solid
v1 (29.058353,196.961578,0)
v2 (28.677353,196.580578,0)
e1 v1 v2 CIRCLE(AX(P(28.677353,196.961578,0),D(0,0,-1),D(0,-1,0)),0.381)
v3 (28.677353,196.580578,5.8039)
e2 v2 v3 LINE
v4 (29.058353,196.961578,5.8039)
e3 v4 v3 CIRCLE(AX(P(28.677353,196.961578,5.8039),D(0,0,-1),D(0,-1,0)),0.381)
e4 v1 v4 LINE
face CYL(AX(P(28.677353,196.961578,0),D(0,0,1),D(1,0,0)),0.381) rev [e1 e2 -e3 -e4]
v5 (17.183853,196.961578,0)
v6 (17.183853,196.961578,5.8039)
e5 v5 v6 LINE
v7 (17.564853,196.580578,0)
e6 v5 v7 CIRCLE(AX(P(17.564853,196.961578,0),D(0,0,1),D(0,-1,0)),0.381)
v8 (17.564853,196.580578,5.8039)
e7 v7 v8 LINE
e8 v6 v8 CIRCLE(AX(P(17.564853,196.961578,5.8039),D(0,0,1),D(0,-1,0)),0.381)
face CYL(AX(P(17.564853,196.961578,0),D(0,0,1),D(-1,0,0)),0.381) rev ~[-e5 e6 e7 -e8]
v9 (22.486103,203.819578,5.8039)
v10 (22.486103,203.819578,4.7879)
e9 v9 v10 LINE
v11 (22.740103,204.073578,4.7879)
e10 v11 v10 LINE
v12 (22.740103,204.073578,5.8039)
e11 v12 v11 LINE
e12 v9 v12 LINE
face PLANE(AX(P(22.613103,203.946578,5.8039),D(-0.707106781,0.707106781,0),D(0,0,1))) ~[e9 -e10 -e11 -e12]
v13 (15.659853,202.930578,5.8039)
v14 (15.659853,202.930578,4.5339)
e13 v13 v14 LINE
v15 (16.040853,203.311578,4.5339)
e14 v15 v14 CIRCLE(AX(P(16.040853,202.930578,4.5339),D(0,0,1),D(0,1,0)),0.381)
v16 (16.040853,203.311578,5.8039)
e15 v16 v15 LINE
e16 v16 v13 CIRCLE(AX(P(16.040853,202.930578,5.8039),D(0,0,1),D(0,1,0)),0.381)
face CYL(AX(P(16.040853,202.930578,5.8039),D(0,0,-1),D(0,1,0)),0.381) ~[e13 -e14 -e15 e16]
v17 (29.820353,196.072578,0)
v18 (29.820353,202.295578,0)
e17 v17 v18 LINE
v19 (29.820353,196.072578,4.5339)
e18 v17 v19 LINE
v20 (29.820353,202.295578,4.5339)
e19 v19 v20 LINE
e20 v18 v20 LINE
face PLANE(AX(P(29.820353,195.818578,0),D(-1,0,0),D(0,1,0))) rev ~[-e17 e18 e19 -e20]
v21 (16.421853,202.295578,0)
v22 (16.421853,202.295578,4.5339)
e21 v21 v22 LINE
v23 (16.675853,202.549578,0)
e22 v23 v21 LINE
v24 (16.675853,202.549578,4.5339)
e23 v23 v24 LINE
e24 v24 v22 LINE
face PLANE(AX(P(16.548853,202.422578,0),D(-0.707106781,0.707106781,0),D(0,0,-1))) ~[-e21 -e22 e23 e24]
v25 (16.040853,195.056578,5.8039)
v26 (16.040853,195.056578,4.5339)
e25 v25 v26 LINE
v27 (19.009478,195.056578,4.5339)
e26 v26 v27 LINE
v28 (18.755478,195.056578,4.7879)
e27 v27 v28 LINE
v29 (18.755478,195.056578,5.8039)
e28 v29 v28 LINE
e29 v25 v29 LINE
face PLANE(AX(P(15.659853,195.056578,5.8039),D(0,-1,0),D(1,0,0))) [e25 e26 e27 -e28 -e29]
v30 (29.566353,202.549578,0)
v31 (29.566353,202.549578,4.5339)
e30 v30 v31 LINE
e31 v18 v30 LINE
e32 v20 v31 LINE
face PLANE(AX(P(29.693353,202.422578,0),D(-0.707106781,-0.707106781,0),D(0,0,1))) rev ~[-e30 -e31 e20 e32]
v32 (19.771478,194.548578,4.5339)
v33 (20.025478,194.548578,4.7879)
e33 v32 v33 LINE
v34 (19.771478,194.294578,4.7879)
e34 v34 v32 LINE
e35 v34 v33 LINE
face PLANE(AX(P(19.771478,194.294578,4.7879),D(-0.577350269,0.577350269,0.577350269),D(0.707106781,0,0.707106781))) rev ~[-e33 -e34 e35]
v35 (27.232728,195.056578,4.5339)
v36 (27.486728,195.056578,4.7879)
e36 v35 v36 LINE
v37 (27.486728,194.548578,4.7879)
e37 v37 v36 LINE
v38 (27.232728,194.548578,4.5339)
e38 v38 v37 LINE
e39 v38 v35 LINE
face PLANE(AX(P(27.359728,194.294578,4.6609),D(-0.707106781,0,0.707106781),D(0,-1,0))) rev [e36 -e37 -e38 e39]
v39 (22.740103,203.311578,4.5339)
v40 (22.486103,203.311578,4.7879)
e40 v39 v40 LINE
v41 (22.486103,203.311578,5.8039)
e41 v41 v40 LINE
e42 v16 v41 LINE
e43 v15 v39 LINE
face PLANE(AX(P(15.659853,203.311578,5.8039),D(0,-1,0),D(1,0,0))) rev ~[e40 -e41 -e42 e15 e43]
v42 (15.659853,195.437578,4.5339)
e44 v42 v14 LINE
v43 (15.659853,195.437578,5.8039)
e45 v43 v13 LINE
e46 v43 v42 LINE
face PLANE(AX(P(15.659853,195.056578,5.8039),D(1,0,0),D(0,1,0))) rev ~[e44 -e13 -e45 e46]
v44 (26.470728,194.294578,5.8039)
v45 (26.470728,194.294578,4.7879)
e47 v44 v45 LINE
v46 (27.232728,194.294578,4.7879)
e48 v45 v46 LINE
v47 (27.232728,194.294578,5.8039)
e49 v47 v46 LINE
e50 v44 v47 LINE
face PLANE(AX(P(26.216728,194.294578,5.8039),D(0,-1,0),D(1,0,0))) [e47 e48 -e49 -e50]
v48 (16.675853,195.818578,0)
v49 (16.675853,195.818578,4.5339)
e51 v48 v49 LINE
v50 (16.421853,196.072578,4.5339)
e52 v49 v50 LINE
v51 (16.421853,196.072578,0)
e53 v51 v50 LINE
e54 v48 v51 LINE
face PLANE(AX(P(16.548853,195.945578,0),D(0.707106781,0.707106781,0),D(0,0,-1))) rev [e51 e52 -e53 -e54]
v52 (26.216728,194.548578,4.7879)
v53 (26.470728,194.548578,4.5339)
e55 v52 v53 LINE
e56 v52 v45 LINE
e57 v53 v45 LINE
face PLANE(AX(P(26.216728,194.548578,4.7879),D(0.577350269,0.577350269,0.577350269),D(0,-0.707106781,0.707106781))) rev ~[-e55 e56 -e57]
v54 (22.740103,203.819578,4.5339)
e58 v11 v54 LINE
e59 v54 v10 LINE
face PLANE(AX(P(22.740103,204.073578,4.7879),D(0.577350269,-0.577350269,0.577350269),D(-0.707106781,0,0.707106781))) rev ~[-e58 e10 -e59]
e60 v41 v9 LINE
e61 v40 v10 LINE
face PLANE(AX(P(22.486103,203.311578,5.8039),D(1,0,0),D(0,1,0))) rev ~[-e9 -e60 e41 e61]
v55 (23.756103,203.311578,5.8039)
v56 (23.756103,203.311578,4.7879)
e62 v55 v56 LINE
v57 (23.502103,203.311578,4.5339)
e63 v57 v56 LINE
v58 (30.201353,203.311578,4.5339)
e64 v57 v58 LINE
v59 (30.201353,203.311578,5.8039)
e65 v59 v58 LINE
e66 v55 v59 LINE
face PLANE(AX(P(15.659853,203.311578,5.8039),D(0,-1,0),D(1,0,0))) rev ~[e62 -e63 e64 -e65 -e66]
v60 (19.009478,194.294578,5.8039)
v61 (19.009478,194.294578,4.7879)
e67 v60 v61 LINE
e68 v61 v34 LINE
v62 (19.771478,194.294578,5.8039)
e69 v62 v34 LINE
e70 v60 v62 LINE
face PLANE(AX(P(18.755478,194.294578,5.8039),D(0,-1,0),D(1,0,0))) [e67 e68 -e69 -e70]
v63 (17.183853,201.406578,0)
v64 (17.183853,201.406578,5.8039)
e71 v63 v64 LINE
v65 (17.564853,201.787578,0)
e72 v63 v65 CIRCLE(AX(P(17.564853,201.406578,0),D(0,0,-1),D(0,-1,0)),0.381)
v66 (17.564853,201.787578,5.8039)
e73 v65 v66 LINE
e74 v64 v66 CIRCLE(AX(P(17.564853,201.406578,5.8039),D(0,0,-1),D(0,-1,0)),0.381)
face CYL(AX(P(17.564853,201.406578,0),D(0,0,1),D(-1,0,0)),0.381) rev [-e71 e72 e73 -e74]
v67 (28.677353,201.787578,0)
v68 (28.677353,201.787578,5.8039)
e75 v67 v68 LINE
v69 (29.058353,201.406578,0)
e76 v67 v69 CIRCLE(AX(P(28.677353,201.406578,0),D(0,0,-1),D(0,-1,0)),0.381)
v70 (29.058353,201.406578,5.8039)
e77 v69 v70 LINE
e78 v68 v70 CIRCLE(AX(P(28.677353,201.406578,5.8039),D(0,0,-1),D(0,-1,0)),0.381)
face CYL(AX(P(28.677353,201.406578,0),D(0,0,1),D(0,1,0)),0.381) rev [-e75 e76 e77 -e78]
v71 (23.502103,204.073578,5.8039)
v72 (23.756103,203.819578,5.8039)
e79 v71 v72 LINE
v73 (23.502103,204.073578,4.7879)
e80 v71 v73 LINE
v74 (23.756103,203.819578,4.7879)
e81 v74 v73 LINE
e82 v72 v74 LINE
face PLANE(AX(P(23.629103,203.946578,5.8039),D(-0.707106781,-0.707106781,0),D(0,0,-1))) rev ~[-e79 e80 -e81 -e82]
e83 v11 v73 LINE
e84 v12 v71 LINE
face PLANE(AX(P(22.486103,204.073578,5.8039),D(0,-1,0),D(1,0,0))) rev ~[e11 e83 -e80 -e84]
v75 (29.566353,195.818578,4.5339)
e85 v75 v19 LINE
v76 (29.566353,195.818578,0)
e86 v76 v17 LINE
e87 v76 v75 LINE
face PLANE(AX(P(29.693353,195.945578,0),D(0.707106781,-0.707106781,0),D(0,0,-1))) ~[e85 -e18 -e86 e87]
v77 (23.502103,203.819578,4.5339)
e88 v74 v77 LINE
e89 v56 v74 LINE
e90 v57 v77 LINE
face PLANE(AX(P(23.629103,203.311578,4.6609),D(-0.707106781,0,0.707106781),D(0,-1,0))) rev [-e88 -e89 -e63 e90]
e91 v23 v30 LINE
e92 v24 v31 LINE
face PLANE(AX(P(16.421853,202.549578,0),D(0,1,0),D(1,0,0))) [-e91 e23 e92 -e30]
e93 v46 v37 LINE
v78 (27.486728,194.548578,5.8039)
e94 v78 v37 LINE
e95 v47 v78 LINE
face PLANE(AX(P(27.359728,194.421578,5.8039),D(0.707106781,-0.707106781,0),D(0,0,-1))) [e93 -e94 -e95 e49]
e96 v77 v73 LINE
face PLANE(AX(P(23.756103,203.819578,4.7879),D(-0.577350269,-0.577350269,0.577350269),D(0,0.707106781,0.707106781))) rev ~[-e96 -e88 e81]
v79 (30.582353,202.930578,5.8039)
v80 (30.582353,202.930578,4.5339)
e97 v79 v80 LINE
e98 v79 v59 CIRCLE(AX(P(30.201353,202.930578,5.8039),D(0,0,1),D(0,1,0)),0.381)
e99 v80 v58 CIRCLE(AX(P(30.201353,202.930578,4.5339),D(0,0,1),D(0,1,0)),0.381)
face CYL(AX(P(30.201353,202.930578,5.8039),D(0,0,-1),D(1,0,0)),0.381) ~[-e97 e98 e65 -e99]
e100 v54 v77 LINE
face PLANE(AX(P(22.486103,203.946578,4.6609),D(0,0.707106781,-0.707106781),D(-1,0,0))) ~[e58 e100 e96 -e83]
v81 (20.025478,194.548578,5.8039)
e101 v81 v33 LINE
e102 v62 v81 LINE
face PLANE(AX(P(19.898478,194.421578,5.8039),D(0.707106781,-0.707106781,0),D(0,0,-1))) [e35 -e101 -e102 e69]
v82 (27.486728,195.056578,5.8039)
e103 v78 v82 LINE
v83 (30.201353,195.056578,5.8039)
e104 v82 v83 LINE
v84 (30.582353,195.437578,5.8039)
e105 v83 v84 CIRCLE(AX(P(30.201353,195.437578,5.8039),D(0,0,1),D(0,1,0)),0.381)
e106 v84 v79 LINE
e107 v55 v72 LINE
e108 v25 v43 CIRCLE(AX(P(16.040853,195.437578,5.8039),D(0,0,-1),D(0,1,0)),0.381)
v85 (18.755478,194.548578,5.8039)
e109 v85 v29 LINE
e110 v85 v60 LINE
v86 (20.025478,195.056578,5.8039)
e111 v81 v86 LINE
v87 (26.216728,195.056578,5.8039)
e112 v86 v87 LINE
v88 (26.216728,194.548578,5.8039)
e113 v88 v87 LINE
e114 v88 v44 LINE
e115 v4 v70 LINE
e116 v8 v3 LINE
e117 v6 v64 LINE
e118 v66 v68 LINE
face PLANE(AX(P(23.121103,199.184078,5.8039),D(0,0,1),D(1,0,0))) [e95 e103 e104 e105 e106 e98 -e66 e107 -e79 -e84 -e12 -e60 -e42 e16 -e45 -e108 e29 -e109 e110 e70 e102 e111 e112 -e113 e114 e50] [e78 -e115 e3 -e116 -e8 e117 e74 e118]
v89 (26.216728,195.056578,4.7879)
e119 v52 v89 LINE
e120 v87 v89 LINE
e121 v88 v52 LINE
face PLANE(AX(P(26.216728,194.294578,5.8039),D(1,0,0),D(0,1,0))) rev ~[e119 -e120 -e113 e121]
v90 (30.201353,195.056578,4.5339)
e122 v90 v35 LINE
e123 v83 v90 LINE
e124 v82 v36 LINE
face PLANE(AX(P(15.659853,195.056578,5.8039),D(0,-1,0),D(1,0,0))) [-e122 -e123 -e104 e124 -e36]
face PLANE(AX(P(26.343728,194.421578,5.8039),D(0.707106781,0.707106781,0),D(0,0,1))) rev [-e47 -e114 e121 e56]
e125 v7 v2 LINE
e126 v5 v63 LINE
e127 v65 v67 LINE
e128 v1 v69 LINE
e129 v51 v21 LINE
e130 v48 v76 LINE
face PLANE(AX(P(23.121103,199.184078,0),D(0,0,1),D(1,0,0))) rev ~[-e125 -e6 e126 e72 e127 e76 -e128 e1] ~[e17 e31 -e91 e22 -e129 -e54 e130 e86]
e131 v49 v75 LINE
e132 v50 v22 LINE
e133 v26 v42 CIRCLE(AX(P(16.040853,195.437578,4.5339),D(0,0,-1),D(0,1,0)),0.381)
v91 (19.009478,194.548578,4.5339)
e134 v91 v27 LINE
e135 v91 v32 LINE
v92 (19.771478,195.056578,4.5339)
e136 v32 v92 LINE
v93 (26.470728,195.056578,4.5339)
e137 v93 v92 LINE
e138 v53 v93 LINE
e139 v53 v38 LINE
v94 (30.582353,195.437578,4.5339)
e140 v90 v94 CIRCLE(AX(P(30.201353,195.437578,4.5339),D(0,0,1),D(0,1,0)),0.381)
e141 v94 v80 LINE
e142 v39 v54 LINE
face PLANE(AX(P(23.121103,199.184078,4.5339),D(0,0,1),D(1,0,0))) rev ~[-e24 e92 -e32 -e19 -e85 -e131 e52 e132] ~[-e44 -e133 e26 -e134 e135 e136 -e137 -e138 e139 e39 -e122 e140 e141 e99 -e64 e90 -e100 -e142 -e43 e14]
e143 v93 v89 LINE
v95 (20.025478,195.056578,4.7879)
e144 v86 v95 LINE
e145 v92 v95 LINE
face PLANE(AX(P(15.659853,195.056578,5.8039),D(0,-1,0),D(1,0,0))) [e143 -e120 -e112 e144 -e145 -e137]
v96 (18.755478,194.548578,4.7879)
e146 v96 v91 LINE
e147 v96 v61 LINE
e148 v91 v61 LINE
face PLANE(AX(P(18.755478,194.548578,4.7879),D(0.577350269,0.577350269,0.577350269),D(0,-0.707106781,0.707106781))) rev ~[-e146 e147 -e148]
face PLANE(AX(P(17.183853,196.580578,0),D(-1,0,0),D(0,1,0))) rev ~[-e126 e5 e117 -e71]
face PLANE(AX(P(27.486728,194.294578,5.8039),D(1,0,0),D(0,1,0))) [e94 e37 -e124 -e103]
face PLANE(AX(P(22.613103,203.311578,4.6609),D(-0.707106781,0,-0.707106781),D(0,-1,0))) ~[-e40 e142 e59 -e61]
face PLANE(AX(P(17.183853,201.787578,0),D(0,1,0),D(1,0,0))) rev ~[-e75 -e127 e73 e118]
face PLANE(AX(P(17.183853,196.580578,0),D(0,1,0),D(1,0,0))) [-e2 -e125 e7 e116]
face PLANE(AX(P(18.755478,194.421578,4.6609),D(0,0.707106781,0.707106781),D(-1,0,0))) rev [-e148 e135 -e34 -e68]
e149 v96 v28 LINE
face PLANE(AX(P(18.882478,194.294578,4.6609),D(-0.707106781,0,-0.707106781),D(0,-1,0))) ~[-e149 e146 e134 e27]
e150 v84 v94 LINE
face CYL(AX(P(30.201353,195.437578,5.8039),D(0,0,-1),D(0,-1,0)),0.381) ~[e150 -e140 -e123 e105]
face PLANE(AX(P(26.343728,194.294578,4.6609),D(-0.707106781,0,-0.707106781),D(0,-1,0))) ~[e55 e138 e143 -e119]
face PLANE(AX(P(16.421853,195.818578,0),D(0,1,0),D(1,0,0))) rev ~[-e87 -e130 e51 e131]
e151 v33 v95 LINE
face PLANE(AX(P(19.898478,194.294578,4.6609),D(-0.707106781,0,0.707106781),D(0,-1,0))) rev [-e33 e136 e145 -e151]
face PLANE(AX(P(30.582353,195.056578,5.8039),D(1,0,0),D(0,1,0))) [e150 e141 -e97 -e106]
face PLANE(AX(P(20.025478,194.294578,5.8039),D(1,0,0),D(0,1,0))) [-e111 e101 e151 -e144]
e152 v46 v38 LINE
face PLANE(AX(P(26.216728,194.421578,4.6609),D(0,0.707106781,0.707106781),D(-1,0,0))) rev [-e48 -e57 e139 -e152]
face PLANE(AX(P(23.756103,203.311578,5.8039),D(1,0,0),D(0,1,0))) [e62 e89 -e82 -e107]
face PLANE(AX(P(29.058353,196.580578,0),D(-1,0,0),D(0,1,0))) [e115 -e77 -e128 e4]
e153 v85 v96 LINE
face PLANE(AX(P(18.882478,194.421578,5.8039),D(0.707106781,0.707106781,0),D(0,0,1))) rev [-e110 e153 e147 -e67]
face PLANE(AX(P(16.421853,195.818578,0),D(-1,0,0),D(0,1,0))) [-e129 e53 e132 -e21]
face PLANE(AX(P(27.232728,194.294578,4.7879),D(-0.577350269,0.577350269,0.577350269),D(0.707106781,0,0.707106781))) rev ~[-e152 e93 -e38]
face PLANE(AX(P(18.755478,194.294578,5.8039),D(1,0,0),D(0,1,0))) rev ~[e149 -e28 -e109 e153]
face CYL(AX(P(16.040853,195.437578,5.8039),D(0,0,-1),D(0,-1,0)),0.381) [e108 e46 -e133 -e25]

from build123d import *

# Parameters (mm, degrees)
SKETCH1_W           = 13.3985
SKETCH1_H           = 6.731
SKETCH1_W_2         = 11.8745
SKETCH1_H_2         = 5.207
EXTRUDE_THIN1_DEPTH = 5.8039
SKETCH2_W           = 14.9225
SKETCH2_H           = 8.255
SKETCH2_W_2         = 13.3985
SKETCH2_H_2         = 6.731
EXTRUDE_THIN2_DEPTH = 1.27
SKETCH4_W           = 1.27
SKETCH4_H           = 0.762
BOSS_EXTRUDE1_DEPTH = 1.27
CHAMFER1_SIZE       = 0.254
FILLET1_R           = 0.381


with BuildPart() as part:
    # Sketch1 → Extrude-Thin1 (new body)
    with BuildSketch(Plane.XY):
        with Locations((23.121102666, 199.184077883)):
            Rectangle(SKETCH1_W, SKETCH1_H)
        with Locations((23.121102666, 199.184077883)):
            Rectangle(SKETCH1_W_2, SKETCH1_H_2, mode=Mode.SUBTRACT)
    extrude(amount=EXTRUDE_THIN1_DEPTH)

    # Sketch2 → Extrude-Thin2 (add)
    with BuildSketch(Plane.XY.offset(5.8039)):
        with Locations((23.121102666, 199.184077883)):
            Rectangle(SKETCH2_W, SKETCH2_H)
        with Locations((23.121102666, 199.184077883)):
            Rectangle(SKETCH2_W_2, SKETCH2_H_2, mode=Mode.SUBTRACT)
    extrude(amount=-EXTRUDE_THIN2_DEPTH)

    # Sketch4 → Boss-Extrude1 (add)
    with BuildSketch(Plane.XY.offset(5.8039)):
        with Locations((23.121102666, 203.692577883)):
            Rectangle(SKETCH4_W, SKETCH4_H)
        with Locations((26.851727666, 194.675577883)):
            Rectangle(SKETCH4_W, SKETCH4_H)
        with Locations((19.390477666, 194.675577883)):
            Rectangle(SKETCH4_W, SKETCH4_H)
    extrude(amount=-BOSS_EXTRUDE1_DEPTH)

    # Chamfer1
    chamfer1_edges = [part.edges().sort_by_distance(p)[0] for p in [
        (16.421852666, 195.818577883, 2.26695),
        (16.421852666, 202.549577883, 2.26695),
        (29.820352666, 202.549577883, 2.26695),
        (29.820352666, 195.818577883, 2.26695),
        (22.486102666, 203.692577883, 4.5339),
        (23.121102666, 204.073577883, 4.5339),
        (22.486102666, 204.073577883, 5.1689),
        (23.756102666, 203.692577883, 4.5339),
        (23.756102666, 204.073577883, 5.1689),
        (27.486727666, 194.675577883, 4.5339),
        (26.851727666, 194.294577883, 4.5339),
        (27.486727666, 194.294577883, 5.1689),
        (26.216727666, 194.675577883, 4.5339),
        (26.216727666, 194.294577883, 5.1689),
        (20.025477666, 194.675577883, 4.5339),
        (19.390477666, 194.294577883, 4.5339),
        (20.025477666, 194.294577883, 5.1689),
        (18.755477666, 194.675577883, 4.5339),
        (18.755477666, 194.294577883, 5.1689),
    ]]
    chamfer(chamfer1_edges, length=CHAMFER1_SIZE)

    # Fillet1
    fillet1_edges = [part.edges().sort_by_distance(p)[0] for p in [
        (15.659852666, 203.311577883, 5.1689),
        (15.659852666, 195.056577883, 5.1689),
        (30.582352666, 195.056577883, 5.1689),
        (30.582352666, 203.311577883, 5.1689),
        (29.058352666, 201.787577883, 2.90195),
        (17.183852666, 201.787577883, 2.90195),
        (29.058352666, 196.580577883, 2.90195),
        (17.183852666, 196.580577883, 2.90195),
    ]]
    fillet(fillet1_edges, radius=FILLET1_R)


solid = part.part
